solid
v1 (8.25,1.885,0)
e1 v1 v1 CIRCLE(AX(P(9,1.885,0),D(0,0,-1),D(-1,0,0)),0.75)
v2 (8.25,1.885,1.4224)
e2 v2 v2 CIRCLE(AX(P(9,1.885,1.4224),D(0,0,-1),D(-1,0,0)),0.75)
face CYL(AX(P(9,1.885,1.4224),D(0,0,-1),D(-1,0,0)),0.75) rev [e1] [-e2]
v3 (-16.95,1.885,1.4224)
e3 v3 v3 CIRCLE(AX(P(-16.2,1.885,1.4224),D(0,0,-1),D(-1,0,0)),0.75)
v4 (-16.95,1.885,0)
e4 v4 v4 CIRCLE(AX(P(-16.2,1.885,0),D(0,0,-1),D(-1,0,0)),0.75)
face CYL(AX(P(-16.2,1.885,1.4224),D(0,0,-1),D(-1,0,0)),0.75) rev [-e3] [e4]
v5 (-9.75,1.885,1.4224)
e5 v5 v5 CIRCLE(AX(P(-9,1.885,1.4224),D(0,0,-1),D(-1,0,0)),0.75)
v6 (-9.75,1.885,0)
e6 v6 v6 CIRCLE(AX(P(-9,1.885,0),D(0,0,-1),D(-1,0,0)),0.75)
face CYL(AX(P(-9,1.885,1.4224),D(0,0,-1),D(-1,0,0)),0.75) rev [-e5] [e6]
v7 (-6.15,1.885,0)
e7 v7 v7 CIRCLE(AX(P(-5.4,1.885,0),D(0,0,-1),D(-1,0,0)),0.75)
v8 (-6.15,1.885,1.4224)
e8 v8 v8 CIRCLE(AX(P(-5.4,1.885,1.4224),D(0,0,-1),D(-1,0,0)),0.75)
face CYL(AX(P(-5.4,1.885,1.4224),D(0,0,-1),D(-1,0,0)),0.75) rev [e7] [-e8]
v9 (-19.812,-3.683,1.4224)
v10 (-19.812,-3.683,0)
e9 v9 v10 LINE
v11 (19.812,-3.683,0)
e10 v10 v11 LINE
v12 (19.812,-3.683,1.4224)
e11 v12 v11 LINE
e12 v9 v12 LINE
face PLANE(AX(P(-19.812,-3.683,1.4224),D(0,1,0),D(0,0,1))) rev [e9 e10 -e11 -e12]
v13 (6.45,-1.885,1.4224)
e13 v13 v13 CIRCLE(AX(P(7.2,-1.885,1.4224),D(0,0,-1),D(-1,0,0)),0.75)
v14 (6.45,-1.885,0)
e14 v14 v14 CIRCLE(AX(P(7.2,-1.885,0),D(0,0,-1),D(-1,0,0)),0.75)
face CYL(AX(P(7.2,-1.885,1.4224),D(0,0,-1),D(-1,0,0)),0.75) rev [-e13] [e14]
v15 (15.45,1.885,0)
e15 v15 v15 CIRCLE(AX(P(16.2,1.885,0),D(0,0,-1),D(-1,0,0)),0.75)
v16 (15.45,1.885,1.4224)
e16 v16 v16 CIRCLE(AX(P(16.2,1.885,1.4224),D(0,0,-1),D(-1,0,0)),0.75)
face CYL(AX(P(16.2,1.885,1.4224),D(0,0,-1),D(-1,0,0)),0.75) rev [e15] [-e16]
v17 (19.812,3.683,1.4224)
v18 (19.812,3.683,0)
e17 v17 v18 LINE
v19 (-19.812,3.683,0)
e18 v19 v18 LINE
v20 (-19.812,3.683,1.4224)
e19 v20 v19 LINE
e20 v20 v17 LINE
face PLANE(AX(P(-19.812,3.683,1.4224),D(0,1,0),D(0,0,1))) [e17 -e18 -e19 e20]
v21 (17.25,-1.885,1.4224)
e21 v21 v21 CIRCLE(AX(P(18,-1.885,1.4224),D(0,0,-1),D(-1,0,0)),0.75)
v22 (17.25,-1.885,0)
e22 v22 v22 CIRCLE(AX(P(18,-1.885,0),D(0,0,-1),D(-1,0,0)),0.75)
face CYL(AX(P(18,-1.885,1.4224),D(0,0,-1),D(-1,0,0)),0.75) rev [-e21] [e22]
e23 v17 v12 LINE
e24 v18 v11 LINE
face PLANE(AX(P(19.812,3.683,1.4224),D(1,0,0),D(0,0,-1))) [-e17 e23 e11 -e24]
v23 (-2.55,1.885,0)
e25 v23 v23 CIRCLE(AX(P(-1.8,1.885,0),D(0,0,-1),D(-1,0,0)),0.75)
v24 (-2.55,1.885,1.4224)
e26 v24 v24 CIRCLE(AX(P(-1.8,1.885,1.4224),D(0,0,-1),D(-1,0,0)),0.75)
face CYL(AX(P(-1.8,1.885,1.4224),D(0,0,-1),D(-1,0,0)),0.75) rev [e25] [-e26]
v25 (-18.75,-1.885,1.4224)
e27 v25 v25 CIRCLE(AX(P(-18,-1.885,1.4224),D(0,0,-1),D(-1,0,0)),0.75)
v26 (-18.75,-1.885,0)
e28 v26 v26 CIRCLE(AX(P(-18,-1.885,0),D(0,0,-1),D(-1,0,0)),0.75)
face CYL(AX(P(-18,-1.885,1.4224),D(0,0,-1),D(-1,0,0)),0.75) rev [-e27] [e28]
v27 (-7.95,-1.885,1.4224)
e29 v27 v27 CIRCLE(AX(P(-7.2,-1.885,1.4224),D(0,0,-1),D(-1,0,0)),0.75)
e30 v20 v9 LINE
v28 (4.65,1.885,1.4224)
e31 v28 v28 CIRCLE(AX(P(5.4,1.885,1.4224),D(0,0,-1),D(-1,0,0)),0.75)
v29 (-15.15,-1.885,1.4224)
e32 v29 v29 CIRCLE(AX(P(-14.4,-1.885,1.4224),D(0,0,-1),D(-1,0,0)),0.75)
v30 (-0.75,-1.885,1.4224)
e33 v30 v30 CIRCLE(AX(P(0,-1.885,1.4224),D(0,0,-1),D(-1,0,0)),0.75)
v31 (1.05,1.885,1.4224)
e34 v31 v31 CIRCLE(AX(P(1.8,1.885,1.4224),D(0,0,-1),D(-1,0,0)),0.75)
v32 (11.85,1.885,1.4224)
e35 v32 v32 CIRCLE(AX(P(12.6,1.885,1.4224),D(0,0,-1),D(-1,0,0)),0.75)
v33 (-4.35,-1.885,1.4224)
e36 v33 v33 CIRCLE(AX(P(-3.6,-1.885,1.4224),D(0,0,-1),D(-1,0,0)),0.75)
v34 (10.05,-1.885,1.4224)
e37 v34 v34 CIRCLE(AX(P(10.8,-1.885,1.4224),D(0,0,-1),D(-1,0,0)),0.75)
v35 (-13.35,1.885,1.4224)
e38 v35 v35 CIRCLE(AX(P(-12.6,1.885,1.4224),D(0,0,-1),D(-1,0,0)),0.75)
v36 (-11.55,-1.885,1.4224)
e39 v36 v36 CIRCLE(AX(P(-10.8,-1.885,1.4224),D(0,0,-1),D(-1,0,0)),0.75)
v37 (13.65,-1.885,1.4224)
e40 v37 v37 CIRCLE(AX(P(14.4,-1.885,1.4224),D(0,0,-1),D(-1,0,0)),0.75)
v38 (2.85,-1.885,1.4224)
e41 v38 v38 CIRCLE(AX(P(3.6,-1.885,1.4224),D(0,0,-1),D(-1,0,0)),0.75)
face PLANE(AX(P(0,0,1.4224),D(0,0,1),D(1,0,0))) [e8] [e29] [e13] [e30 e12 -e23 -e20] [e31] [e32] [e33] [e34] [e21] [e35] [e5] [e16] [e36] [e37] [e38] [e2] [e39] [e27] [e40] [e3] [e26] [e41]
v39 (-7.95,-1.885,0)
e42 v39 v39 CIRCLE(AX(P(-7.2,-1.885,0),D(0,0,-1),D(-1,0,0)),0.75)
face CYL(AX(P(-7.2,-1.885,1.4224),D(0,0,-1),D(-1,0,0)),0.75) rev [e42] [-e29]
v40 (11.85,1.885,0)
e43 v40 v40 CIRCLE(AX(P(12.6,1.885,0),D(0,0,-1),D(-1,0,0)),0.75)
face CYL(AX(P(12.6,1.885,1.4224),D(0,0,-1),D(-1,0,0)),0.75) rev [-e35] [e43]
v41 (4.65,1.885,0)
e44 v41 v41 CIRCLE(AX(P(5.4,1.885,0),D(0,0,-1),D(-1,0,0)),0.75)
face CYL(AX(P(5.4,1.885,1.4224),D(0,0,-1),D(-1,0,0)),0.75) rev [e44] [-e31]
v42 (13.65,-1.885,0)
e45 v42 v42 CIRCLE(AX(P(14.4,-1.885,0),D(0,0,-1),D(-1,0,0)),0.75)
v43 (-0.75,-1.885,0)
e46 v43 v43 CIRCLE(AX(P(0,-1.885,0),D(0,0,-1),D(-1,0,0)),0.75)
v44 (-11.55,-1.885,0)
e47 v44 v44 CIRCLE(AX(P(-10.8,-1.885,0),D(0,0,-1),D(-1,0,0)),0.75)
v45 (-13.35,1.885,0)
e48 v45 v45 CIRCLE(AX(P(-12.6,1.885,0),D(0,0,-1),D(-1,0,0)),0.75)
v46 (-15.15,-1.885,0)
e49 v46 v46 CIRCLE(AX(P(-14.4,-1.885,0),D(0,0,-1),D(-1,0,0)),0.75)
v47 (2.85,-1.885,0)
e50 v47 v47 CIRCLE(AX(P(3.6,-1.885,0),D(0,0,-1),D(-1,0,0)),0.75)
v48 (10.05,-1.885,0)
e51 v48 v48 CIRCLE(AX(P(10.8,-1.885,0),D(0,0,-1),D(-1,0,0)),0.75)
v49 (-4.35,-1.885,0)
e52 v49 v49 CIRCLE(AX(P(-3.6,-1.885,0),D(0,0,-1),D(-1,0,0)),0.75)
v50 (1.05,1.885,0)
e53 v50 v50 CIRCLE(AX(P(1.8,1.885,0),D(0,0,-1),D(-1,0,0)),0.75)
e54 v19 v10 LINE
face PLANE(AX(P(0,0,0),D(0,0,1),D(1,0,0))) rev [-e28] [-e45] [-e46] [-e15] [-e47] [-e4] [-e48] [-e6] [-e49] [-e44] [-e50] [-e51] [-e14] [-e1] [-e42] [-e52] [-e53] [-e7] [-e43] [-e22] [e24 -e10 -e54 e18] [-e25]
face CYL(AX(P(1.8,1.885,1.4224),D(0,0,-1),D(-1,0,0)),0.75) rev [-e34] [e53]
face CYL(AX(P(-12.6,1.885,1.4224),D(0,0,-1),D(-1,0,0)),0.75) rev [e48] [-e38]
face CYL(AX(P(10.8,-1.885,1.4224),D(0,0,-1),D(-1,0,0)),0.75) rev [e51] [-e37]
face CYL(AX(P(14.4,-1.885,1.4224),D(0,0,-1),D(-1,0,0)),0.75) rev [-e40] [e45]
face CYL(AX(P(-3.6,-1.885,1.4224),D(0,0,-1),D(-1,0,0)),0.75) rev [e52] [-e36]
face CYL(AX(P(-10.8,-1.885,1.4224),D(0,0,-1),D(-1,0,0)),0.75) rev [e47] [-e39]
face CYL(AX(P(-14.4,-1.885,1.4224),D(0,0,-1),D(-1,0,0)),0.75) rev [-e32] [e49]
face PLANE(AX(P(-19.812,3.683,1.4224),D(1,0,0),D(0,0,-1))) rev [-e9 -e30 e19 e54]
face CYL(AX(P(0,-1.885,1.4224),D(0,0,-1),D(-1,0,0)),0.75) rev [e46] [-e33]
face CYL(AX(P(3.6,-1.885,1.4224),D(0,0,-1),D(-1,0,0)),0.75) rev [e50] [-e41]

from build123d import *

# Parameters (mm, degrees)
SKETCH1_W          = 39.624
SKETCH1_H          = 7.366
PEEK_DEPTH         = 1.4224
SKETCH2_R          = 0.75
CUT_EXTRUDE1_DEPTH = 2.4224


with BuildPart() as part:
    # Sketch1 → PEEK (new body)
    with BuildSketch(Plane.XY):
        Rectangle(SKETCH1_W, SKETCH1_H)
    extrude(amount=PEEK_DEPTH)

    # Sketch2 → Cut-Extrude1 (cut, through all)
    with BuildSketch(Plane(origin=(0, 0, 0), x_dir=(-1, 0, 0), z_dir=(0, 0, -1))):
        with Locations((-18, -1.885)):
            Circle(SKETCH2_R)
        with Locations((-14.4, -1.885)):
            Circle(SKETCH2_R)
        with Locations((-10.8, -1.885)):
            Circle(SKETCH2_R)
        with Locations((-7.2, -1.885)):
            Circle(SKETCH2_R)
        with Locations((-3.6, -1.885)):
            Circle(SKETCH2_R)
        with Locations((0, -1.885)):
            Circle(SKETCH2_R)
        with Locations((3.6, -1.885)):
            Circle(SKETCH2_R)
        with Locations((7.2, -1.885)):
            Circle(SKETCH2_R)
        with Locations((10.8, -1.885)):
            Circle(SKETCH2_R)
        with Locations((14.4, -1.885)):
            Circle(SKETCH2_R)
        with Locations((18, -1.885)):
            Circle(SKETCH2_R)
        with Locations((16.2, 1.885)):
            Circle(SKETCH2_R)
        with Locations((12.6, 1.885)):
            Circle(SKETCH2_R)
        with Locations((9, 1.885)):
            Circle(SKETCH2_R)
        with Locations((5.4, 1.885)):
            Circle(SKETCH2_R)
        with Locations((1.8, 1.885)):
            Circle(SKETCH2_R)
        with Locations((-1.8, 1.885)):
            Circle(SKETCH2_R)
        with Locations((-5.4, 1.885)):
            Circle(SKETCH2_R)
        with Locations((-9, 1.885)):
            Circle(SKETCH2_R)
        with Locations((-12.6, 1.885)):
            Circle(SKETCH2_R)
        with Locations((-16.2, 1.885)):
            Circle(SKETCH2_R)
    extrude(amount=-CUT_EXTRUDE1_DEPTH, mode=Mode.SUBTRACT)


solid = part.part
